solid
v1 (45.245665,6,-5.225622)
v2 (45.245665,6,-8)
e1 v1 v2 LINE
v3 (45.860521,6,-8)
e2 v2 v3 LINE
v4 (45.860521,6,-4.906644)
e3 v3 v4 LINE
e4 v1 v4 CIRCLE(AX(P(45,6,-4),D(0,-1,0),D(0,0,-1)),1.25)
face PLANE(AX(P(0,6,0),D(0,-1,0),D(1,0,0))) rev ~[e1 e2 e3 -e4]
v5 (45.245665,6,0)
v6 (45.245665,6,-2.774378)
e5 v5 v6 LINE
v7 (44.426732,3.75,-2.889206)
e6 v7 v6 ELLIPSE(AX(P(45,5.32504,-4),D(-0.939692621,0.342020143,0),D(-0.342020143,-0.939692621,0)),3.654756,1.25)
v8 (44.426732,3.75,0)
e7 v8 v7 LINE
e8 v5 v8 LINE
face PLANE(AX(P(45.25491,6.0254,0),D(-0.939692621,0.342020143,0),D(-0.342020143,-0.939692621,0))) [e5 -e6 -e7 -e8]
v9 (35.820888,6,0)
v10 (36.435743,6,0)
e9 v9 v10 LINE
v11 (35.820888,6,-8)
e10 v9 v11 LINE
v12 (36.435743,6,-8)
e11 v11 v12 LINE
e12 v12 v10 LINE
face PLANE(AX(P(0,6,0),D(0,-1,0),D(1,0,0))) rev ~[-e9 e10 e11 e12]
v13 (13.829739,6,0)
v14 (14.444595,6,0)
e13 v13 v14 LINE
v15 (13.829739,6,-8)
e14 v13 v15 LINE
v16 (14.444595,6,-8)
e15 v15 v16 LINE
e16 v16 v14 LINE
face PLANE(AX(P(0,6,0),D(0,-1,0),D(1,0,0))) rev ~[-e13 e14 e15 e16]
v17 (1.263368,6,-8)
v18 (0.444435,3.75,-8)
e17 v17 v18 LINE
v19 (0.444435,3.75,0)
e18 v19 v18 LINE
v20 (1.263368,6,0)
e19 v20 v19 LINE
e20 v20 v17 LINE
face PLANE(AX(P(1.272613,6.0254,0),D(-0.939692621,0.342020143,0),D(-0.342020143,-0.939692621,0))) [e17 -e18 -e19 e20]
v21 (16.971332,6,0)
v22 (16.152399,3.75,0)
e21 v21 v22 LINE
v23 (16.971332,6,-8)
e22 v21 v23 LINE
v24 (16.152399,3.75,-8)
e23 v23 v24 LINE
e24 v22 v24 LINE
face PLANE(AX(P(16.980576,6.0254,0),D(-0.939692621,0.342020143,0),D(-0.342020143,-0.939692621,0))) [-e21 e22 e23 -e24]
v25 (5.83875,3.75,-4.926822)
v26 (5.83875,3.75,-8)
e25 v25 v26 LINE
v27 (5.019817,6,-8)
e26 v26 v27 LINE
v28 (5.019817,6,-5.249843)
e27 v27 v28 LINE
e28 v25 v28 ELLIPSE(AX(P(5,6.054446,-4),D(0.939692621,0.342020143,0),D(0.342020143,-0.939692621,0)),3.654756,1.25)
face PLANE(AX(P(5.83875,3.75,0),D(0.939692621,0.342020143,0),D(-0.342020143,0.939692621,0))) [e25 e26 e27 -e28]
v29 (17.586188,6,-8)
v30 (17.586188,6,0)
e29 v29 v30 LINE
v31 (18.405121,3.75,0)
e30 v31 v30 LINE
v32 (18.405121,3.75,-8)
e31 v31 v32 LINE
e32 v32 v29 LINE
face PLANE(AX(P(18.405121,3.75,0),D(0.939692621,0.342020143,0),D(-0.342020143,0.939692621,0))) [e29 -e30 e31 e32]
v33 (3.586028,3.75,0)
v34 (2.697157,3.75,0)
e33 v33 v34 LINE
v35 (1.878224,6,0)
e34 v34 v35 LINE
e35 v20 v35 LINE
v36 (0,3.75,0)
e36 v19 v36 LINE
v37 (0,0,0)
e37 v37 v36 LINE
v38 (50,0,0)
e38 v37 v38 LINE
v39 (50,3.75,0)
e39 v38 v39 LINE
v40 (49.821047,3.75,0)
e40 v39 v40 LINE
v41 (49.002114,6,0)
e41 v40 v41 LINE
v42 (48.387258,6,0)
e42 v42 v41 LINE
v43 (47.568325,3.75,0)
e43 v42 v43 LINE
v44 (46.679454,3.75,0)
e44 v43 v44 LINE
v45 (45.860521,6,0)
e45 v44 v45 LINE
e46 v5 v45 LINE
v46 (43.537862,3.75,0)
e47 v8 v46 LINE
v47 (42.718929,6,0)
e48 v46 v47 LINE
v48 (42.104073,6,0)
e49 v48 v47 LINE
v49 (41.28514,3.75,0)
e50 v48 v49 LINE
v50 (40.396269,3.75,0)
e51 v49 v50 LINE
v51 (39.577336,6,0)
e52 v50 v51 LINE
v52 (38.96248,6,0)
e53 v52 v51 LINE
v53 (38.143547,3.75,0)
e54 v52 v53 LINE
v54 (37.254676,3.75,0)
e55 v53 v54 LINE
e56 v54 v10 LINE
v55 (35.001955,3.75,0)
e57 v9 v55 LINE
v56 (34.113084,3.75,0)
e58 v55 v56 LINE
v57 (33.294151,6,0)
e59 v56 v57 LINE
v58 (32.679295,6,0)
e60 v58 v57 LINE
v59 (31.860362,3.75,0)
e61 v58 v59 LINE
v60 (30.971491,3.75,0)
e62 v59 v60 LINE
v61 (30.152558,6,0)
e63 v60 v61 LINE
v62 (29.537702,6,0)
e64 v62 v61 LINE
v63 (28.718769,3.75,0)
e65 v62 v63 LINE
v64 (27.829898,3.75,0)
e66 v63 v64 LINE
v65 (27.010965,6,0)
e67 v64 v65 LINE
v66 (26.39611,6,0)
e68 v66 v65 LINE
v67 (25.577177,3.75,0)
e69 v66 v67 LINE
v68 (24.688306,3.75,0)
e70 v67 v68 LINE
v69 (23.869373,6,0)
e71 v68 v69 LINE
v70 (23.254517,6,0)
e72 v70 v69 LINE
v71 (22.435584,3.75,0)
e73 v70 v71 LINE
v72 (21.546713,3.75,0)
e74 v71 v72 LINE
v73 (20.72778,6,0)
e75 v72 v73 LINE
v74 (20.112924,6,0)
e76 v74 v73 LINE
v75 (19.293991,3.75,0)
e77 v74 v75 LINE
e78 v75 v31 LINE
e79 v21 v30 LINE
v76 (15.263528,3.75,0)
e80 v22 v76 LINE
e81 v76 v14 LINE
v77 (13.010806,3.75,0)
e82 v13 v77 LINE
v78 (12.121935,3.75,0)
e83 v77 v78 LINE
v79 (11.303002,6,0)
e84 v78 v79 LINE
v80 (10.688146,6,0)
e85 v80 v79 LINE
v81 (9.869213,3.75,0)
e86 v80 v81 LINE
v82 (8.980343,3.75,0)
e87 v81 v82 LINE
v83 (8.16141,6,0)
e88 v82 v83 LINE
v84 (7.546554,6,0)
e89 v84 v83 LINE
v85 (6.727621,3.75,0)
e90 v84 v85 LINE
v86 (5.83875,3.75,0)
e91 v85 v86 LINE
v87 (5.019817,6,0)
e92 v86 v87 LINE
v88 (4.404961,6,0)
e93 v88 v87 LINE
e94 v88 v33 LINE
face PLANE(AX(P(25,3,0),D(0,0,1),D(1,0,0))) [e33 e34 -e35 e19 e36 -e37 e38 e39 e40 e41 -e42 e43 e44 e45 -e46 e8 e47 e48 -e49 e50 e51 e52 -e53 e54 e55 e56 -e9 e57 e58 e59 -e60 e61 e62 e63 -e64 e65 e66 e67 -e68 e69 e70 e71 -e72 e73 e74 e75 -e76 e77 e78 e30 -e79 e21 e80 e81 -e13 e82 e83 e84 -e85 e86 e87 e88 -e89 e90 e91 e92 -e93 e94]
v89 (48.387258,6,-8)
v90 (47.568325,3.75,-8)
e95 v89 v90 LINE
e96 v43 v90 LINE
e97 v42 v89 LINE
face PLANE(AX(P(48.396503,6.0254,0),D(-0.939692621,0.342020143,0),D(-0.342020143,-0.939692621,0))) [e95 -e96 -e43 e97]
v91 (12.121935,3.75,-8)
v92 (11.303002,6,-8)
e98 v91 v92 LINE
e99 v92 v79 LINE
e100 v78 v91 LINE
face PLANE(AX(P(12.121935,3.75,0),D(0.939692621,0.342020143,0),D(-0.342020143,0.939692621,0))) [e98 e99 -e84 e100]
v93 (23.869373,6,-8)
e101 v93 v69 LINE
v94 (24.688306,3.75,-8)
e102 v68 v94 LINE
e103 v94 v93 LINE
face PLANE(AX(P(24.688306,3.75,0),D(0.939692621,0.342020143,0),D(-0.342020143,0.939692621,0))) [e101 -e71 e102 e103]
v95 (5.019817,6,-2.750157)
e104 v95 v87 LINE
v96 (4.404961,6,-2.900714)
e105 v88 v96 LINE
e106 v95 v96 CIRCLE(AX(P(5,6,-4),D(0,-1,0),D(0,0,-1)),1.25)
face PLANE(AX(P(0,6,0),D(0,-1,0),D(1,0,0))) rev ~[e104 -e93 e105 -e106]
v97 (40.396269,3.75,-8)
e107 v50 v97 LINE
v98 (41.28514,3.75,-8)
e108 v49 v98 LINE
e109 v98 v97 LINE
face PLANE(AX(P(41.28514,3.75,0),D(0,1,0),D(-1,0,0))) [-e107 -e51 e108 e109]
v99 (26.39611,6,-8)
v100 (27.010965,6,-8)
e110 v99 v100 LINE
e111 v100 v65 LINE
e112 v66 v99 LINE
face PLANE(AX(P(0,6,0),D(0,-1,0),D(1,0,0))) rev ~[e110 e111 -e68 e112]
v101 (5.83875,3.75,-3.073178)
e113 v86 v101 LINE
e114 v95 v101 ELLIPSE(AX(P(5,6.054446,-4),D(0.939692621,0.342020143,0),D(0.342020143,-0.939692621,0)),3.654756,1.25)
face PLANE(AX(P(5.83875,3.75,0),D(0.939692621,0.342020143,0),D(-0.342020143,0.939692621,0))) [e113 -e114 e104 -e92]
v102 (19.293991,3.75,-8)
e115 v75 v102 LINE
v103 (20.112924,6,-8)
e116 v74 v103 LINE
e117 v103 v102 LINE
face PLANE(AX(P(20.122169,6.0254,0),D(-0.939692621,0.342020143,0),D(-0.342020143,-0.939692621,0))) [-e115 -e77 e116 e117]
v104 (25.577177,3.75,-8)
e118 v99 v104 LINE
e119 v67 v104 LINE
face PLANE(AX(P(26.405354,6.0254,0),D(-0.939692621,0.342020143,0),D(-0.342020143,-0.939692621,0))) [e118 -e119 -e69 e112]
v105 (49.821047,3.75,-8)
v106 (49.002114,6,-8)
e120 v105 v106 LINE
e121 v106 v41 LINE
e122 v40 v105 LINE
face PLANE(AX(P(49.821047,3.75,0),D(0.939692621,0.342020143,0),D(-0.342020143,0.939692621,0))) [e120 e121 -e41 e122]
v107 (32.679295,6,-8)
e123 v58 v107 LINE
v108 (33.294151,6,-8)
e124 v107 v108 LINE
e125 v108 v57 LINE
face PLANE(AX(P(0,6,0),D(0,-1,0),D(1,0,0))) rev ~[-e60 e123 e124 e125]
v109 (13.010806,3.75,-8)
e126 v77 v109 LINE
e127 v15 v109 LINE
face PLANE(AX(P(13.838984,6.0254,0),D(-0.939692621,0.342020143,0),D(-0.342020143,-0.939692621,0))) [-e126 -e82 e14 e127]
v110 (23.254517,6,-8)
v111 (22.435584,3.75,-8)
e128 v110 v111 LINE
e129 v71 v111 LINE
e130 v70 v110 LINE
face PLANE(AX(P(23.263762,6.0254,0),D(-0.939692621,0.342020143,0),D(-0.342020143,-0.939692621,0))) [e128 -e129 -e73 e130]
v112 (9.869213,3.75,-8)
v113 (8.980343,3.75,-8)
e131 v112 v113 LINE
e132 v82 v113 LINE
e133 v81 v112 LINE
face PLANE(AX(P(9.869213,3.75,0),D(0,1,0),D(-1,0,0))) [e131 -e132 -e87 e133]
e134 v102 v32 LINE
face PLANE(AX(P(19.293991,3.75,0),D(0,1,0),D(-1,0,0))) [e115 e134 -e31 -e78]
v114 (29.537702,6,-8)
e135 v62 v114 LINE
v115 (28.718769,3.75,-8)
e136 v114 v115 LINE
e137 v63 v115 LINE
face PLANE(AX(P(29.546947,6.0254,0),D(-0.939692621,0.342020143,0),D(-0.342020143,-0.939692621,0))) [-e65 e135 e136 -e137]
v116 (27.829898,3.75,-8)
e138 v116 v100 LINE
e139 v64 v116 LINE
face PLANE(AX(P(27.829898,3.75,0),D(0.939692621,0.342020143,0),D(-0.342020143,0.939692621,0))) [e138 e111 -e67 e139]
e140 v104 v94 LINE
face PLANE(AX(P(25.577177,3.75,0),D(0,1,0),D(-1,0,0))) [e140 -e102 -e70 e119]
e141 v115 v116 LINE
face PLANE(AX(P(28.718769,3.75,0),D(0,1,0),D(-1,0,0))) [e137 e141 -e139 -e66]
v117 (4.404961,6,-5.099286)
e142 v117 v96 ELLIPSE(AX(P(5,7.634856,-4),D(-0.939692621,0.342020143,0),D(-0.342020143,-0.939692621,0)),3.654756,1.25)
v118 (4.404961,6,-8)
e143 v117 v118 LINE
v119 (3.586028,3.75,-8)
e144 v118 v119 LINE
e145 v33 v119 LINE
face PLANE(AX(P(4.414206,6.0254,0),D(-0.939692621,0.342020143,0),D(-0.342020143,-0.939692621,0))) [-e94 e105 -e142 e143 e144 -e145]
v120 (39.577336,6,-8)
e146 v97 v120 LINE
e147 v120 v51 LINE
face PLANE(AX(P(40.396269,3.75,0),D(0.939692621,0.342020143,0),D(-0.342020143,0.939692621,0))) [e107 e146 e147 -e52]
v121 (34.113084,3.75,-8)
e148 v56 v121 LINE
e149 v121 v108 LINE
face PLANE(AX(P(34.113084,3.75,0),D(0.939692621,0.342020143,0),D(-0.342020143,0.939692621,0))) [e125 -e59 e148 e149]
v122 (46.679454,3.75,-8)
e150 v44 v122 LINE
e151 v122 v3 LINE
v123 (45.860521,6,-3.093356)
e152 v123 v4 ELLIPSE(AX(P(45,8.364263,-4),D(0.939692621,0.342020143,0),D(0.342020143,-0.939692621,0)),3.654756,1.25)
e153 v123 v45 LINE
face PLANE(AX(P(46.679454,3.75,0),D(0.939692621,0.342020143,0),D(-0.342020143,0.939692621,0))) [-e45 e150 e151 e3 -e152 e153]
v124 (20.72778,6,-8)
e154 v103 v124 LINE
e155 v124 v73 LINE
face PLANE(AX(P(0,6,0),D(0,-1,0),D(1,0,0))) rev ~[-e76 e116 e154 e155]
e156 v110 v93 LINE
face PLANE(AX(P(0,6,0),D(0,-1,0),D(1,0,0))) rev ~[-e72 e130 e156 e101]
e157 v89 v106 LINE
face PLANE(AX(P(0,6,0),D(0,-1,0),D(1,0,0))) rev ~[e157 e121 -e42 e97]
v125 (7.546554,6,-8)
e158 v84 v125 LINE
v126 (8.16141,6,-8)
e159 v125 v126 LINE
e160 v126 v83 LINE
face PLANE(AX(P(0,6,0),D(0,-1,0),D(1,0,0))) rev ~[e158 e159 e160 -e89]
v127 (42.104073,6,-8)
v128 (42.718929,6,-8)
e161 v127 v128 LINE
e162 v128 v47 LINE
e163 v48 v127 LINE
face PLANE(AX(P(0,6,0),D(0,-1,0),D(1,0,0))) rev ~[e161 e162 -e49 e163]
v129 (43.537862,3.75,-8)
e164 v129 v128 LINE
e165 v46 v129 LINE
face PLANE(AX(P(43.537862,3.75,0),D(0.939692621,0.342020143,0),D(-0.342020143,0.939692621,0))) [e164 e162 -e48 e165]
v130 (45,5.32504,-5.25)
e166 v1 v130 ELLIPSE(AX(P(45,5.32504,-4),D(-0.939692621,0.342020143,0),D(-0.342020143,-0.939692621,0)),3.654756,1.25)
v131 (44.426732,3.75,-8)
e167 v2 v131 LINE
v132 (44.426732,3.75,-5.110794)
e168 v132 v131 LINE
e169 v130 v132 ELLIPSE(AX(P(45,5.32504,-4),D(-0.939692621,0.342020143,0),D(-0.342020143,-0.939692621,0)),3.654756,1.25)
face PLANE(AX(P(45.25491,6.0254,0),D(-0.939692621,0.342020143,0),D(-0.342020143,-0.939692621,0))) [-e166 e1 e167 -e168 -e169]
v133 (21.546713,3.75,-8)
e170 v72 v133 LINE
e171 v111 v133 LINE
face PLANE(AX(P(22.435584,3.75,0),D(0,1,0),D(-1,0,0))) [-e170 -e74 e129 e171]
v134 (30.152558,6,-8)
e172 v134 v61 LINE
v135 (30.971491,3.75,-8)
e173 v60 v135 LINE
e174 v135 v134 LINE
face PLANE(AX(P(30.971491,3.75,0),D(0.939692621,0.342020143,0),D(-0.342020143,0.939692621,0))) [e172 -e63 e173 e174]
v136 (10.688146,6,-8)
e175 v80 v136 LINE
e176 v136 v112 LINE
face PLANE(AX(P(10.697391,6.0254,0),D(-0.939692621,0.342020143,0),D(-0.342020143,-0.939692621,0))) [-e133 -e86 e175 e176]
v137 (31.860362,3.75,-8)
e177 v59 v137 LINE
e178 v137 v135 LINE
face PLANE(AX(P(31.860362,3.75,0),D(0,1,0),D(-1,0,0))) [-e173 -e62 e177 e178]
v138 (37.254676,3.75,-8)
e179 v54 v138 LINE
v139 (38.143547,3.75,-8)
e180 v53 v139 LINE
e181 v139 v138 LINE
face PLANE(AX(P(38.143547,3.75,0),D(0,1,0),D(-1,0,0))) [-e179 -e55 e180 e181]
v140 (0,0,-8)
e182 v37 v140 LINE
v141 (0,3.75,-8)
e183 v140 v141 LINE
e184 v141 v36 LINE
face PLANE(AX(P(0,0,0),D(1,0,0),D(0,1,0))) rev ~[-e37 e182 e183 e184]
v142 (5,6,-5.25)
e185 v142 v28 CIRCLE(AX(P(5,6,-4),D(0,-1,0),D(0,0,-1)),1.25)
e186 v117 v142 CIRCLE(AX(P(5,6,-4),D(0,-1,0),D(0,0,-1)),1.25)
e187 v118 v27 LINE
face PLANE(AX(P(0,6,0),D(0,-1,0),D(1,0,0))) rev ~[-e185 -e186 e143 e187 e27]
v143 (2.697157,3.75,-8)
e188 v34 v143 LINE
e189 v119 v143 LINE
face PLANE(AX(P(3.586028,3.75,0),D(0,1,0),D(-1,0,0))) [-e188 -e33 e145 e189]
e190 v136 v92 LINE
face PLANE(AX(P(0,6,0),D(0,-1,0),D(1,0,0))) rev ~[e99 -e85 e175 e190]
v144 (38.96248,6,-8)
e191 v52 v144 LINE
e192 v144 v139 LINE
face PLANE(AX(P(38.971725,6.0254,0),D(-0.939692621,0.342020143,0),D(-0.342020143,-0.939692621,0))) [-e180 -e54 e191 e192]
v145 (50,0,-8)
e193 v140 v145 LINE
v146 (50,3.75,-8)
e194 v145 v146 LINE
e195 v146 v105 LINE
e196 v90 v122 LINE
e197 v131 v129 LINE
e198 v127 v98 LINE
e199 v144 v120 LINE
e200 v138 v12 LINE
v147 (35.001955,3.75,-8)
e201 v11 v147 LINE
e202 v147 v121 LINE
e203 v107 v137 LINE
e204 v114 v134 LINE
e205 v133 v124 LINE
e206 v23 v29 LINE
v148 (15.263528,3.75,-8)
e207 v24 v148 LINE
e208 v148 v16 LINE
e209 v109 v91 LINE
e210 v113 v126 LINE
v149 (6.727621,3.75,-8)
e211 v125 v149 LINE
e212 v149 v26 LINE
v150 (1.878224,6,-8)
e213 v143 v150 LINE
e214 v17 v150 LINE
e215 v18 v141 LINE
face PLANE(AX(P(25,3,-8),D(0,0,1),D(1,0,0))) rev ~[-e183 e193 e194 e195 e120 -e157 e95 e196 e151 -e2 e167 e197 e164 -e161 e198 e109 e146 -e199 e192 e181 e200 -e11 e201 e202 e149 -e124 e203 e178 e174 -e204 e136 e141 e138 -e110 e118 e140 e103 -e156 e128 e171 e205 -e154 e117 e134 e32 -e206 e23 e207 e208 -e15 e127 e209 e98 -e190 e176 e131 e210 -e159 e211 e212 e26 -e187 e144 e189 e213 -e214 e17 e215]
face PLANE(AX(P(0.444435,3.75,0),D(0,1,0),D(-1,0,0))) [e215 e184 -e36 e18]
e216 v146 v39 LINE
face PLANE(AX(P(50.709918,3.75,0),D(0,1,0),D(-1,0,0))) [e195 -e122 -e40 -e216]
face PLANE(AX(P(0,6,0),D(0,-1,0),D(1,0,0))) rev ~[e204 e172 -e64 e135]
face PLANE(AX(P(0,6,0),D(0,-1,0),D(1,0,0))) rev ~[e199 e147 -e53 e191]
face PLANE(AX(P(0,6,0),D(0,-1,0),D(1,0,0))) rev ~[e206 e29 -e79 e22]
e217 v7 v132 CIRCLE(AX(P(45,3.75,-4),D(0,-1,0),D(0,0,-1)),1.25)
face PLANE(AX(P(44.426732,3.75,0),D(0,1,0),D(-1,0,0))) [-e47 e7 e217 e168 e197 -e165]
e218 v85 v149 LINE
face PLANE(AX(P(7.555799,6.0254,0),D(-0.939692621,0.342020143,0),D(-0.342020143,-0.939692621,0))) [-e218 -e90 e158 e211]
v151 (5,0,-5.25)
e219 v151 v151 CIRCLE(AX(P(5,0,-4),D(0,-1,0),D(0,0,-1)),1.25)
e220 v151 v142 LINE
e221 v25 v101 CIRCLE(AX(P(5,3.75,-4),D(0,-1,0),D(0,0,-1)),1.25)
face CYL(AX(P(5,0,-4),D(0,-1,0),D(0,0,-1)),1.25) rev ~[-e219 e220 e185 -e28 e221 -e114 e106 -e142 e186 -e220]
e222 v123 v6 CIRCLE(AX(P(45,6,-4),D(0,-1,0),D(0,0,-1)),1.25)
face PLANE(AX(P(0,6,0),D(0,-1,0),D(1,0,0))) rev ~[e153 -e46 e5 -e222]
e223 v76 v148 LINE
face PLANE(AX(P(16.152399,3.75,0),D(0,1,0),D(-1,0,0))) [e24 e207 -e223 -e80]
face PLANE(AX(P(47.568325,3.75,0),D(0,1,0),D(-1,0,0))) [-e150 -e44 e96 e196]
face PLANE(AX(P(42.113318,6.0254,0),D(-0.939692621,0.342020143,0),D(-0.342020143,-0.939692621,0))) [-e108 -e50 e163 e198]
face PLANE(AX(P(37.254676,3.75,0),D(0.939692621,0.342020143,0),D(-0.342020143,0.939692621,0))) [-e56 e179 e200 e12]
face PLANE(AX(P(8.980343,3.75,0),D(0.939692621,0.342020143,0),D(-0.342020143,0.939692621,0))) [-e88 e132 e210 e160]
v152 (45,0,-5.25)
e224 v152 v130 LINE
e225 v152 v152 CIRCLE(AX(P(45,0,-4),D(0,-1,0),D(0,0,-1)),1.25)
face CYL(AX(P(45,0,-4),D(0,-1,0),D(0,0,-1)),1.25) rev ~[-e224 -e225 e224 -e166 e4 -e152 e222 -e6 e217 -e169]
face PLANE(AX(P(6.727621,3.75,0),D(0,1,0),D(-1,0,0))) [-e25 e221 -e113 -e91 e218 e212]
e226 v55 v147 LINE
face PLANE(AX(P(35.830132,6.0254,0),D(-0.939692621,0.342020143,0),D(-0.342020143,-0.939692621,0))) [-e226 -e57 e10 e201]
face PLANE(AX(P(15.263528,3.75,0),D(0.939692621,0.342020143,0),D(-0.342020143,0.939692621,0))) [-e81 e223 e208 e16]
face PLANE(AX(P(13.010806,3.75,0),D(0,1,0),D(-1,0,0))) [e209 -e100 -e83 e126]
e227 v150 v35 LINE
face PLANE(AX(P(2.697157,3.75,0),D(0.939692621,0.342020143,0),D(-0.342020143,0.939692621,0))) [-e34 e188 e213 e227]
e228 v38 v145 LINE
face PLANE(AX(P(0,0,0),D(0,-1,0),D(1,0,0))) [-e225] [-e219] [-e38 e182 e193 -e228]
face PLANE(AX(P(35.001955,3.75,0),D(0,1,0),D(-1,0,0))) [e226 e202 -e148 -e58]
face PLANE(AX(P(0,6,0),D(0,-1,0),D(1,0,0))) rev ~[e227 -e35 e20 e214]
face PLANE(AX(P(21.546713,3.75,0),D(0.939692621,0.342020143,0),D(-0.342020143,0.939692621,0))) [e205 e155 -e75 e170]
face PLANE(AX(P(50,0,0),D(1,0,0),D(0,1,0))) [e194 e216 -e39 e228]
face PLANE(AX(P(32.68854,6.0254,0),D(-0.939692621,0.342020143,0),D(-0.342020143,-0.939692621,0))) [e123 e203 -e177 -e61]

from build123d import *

# Parameters (mm, degrees)
BLANKSKE_W         = 50
BLANKSKE_H         = 6
BLANK_DEPTH        = 8
TOOTHCUTSIM_DEPTH  = 51.990195136
TEETHCUTS_COUNT    = 17
TEETHCUTS_PITCH    = 3.14159265
SKETCH1_R          = 1.25
CUT_EXTRUDE1_DEPTH = 10


with BuildPart() as part:
    # BlankSke → Blank (new body)
    with BuildSketch(Plane.XY):
        with Locations((25, 3)):
            Rectangle(BLANKSKE_W, BLANKSKE_H)
    extrude(amount=-BLANK_DEPTH)

    # TooCutSkeSim → ToothCutSim (cut, through all)
    with BuildSketch(Plane.XY):
        Polygon((0.44443537, 3.75), (-0.44443537, 3.75), (-1.272613241, 6.0254), (1.272613241, 6.0254), align=None)
    toothcutsim = extrude(amount=-TOOTHCUTSIM_DEPTH, mode=Mode.SUBTRACT)

    # TeethCuts: ToothCutSim ×17
    with Locations(*[(i * TEETHCUTS_PITCH, 0, 0) for i in range(1, TEETHCUTS_COUNT)]):
        add(toothcutsim, mode=Mode.SUBTRACT)

    # Sketch1 → Cut-Extrude1 (cut)
    with BuildSketch(Plane(origin=(0, 0, 0), x_dir=(-1, 0, 0), z_dir=(0, -1, 0))):
        with Locations(Location((-45, 4, 0), (0, 0, 90))):
            Circle(SKETCH1_R)
        with Locations(Location((-5, 4, 0), (0, 0, 90))):
            Circle(SKETCH1_R)
    extrude(amount=-CUT_EXTRUDE1_DEPTH, mode=Mode.SUBTRACT)


solid = part.part
